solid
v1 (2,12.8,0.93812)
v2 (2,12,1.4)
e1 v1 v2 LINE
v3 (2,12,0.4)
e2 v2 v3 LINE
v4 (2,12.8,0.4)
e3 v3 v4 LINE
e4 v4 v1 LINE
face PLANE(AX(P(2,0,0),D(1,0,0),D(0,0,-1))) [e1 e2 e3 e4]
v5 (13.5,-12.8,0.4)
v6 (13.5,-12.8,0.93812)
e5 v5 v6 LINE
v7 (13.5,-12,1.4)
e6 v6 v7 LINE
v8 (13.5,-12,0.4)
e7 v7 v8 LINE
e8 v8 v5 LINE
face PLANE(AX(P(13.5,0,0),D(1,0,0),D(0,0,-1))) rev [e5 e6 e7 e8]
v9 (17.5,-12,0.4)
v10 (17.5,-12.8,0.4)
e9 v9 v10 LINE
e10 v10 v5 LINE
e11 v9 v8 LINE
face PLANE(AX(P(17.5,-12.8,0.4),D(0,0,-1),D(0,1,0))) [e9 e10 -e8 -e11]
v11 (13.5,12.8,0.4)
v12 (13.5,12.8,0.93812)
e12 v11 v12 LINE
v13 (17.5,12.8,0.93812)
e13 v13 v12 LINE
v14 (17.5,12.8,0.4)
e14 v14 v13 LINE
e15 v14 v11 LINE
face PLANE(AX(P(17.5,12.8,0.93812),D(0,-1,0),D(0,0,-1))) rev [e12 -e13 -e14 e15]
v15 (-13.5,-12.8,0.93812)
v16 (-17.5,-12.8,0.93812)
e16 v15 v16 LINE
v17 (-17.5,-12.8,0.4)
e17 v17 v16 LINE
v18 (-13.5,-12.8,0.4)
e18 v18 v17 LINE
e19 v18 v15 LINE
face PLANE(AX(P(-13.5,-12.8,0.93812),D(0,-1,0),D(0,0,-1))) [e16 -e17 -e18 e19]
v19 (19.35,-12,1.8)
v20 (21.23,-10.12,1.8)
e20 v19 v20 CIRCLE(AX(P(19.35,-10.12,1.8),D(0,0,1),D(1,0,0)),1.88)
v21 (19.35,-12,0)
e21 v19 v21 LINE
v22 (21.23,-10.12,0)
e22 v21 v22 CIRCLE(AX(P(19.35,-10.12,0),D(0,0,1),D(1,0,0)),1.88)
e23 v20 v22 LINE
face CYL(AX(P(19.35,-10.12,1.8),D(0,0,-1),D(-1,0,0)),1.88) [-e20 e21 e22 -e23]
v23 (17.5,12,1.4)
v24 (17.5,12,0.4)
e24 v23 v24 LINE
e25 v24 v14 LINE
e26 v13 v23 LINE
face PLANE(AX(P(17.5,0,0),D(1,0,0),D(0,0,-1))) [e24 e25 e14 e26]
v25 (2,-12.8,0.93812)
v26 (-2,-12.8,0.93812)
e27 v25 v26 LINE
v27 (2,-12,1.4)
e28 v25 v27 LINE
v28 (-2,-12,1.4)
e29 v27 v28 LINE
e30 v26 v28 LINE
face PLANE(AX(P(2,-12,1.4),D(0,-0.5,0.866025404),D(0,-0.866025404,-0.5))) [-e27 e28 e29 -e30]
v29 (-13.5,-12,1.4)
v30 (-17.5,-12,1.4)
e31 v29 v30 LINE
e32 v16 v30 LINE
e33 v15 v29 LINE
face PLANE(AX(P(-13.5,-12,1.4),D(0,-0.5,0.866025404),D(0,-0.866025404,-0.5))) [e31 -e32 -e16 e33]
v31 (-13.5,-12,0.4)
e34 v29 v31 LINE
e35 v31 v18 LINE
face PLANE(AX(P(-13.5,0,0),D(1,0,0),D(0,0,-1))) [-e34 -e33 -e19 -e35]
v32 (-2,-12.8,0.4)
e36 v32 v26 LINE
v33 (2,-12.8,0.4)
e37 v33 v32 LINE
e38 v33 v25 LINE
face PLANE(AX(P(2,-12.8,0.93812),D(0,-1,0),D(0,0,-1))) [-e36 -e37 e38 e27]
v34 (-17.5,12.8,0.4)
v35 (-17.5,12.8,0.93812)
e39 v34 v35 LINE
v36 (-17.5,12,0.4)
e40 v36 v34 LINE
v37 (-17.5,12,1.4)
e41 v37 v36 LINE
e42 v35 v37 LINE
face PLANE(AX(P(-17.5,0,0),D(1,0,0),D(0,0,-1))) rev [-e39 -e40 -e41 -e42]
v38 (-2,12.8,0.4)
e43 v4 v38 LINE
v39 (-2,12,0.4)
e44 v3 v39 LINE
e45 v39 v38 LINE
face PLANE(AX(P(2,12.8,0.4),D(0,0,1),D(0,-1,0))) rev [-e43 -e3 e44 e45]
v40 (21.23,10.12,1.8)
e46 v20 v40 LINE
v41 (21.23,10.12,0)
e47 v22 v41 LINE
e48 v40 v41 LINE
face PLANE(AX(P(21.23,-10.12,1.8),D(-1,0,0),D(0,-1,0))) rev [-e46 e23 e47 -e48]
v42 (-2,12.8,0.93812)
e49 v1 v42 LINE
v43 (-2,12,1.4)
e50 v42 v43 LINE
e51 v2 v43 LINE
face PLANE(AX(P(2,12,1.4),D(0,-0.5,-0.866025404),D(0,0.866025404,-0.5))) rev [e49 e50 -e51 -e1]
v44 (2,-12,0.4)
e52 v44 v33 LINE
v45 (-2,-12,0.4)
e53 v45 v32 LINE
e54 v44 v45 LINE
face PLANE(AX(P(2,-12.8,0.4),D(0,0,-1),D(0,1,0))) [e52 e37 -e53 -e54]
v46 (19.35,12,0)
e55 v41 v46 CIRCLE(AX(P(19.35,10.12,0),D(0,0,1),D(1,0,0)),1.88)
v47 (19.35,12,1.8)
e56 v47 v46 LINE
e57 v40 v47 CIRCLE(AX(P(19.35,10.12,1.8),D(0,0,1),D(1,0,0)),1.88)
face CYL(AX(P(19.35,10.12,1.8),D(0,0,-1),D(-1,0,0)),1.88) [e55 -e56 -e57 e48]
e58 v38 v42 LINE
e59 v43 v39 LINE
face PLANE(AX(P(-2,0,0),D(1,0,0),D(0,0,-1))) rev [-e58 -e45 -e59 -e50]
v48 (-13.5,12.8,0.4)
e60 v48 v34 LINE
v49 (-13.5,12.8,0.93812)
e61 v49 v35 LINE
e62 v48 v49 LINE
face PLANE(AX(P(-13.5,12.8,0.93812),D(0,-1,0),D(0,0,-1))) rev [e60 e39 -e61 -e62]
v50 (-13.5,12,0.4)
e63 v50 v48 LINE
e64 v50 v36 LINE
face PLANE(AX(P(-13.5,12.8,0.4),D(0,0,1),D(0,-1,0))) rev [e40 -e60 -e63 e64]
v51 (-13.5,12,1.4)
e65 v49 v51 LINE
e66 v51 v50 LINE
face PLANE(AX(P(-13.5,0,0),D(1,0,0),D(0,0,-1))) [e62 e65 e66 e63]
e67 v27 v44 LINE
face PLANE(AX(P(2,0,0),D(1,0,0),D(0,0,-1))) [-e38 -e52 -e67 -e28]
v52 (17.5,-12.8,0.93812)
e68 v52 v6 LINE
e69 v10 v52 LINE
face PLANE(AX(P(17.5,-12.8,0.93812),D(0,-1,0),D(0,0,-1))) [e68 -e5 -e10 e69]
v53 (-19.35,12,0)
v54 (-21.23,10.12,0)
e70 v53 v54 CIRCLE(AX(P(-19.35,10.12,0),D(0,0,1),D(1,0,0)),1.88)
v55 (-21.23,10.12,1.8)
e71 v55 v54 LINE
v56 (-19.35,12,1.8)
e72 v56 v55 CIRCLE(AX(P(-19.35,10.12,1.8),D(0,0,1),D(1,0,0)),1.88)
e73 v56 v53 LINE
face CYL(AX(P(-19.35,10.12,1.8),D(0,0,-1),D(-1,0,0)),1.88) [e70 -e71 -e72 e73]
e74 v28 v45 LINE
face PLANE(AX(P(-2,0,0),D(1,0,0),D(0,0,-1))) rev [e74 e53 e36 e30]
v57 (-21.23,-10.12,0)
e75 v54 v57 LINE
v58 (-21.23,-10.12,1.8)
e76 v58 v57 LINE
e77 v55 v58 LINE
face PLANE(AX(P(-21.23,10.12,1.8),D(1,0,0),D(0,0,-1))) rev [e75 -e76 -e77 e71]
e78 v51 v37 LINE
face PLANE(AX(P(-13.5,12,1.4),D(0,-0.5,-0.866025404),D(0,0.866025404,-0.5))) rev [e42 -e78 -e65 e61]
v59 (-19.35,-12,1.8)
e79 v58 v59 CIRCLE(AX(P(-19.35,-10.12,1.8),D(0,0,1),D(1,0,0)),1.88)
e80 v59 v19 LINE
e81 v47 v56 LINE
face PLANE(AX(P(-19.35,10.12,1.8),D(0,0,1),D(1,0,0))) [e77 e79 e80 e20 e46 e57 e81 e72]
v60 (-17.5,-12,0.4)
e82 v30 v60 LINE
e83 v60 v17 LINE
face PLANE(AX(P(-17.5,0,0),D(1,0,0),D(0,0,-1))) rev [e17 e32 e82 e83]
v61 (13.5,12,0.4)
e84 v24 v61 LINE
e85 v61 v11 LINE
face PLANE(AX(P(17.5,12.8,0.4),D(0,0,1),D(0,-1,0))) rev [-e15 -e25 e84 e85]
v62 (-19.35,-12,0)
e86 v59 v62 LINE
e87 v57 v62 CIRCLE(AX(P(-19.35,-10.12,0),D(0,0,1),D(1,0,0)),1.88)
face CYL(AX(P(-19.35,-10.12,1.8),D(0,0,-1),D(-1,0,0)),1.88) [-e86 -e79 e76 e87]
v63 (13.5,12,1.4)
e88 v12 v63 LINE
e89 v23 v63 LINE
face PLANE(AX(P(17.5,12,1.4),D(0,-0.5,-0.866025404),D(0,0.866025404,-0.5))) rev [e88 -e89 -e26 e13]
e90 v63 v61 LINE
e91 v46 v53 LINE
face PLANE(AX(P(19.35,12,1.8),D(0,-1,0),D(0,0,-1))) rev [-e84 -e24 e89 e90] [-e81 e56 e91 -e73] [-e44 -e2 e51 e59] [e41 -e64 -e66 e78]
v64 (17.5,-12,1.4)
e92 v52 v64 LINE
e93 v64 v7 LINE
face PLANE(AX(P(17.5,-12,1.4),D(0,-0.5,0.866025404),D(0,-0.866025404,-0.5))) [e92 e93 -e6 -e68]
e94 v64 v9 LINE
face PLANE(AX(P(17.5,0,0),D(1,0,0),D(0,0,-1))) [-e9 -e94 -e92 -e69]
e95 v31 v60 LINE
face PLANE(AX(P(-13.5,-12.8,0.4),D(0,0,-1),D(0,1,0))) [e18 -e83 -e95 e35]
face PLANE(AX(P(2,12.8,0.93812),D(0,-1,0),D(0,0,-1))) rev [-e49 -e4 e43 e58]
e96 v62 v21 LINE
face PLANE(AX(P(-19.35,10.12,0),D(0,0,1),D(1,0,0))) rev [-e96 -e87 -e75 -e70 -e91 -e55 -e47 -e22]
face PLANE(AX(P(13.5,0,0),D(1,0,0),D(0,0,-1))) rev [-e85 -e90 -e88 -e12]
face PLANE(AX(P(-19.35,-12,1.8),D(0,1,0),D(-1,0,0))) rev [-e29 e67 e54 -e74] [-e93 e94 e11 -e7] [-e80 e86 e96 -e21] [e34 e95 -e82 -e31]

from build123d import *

# Parameters (mm, degrees)
BOSS_EXTRUDE1_DEPTH    = 1.8
LATCH_DEPTH            = 2
LPATTERN1_COUNT        = 2
LPATTERN1_PITCH        = 15.5
LPATTERN1_COPY_1_DEPTH = 2
LPATTERN2_COUNT        = 2
LPATTERN2_PITCH        = 15.5
LPATTERN2_COPY_1_DEPTH = 2


with BuildPart() as part:
    # Sketch1 → Boss-Extrude1 (new body)
    with BuildSketch(Plane.XY):
        with BuildLine():
            Line((-21.23, 10.12), (-21.23, -10.12))
            ThreePointArc((-21.23, -10.12), (-20.679360749, -11.449360749), (-19.35, -12))
            Line((-19.35, -12), (19.35, -12))
            ThreePointArc((19.35, -12), (20.679360749, -11.449360749), (21.23, -10.12))
            Line((21.23, -10.12), (21.23, 10.12))
            ThreePointArc((21.23, 10.12), (20.679360749, 11.449360749), (19.35, 12))
            Line((19.35, 12), (-19.35, 12))
            ThreePointArc((-19.35, 12), (-20.679360749, 11.449360749), (-21.23, 10.12))
        make_face()
    extrude(amount=BOSS_EXTRUDE1_DEPTH)

    # Sketch4 → Latch (add, symmetric)
    with BuildSketch(Plane(origin=(0, 0, 0), x_dir=(0, 0, -1), z_dir=(1, 0, 0))):
        Polygon((-1.4, 12), (-0.938119785, 12.8), (-0.4, 12.8), (-0.4, 12), align=None)
    latch = extrude(amount=LATCH_DEPTH, both=True)

    # Mirror1: Latch across plane
    add(latch.mirror(Plane.ZX))

    # LPattern1: Latch ×2
    with Locations(*[(i * LPATTERN1_PITCH, 0, 0) for i in range(1, LPATTERN1_COUNT)]):
        add(latch)

    # LPattern1 copy 1 sketch → LPattern1 copy 1 (add, symmetric)
    with BuildSketch(Plane(origin=(15.5, 0, 0), x_dir=(0, 0, -1), z_dir=(1, 0, 0))):
        Polygon((-1.4, -12), (-0.938119785, -12.8), (-0.4, -12.8), (-0.4, -12), align=None)
    extrude(amount=LPATTERN1_COPY_1_DEPTH, both=True)

    # LPattern2: Latch ×2
    with Locations(*[(-i * LPATTERN2_PITCH, 0, 0) for i in range(1, LPATTERN2_COUNT)]):
        add(latch)

    # LPattern2 copy 1 sketch → LPattern2 copy 1 (add, symmetric)
    with BuildSketch(Plane(origin=(-15.5, 0, 0), x_dir=(0, 0, -1), z_dir=(1, 0, 0))):
        Polygon((-1.4, -12), (-0.938119785, -12.8), (-0.4, -12.8), (-0.4, -12), align=None)
    extrude(amount=LPATTERN2_COPY_1_DEPTH, both=True)


solid = part.part
